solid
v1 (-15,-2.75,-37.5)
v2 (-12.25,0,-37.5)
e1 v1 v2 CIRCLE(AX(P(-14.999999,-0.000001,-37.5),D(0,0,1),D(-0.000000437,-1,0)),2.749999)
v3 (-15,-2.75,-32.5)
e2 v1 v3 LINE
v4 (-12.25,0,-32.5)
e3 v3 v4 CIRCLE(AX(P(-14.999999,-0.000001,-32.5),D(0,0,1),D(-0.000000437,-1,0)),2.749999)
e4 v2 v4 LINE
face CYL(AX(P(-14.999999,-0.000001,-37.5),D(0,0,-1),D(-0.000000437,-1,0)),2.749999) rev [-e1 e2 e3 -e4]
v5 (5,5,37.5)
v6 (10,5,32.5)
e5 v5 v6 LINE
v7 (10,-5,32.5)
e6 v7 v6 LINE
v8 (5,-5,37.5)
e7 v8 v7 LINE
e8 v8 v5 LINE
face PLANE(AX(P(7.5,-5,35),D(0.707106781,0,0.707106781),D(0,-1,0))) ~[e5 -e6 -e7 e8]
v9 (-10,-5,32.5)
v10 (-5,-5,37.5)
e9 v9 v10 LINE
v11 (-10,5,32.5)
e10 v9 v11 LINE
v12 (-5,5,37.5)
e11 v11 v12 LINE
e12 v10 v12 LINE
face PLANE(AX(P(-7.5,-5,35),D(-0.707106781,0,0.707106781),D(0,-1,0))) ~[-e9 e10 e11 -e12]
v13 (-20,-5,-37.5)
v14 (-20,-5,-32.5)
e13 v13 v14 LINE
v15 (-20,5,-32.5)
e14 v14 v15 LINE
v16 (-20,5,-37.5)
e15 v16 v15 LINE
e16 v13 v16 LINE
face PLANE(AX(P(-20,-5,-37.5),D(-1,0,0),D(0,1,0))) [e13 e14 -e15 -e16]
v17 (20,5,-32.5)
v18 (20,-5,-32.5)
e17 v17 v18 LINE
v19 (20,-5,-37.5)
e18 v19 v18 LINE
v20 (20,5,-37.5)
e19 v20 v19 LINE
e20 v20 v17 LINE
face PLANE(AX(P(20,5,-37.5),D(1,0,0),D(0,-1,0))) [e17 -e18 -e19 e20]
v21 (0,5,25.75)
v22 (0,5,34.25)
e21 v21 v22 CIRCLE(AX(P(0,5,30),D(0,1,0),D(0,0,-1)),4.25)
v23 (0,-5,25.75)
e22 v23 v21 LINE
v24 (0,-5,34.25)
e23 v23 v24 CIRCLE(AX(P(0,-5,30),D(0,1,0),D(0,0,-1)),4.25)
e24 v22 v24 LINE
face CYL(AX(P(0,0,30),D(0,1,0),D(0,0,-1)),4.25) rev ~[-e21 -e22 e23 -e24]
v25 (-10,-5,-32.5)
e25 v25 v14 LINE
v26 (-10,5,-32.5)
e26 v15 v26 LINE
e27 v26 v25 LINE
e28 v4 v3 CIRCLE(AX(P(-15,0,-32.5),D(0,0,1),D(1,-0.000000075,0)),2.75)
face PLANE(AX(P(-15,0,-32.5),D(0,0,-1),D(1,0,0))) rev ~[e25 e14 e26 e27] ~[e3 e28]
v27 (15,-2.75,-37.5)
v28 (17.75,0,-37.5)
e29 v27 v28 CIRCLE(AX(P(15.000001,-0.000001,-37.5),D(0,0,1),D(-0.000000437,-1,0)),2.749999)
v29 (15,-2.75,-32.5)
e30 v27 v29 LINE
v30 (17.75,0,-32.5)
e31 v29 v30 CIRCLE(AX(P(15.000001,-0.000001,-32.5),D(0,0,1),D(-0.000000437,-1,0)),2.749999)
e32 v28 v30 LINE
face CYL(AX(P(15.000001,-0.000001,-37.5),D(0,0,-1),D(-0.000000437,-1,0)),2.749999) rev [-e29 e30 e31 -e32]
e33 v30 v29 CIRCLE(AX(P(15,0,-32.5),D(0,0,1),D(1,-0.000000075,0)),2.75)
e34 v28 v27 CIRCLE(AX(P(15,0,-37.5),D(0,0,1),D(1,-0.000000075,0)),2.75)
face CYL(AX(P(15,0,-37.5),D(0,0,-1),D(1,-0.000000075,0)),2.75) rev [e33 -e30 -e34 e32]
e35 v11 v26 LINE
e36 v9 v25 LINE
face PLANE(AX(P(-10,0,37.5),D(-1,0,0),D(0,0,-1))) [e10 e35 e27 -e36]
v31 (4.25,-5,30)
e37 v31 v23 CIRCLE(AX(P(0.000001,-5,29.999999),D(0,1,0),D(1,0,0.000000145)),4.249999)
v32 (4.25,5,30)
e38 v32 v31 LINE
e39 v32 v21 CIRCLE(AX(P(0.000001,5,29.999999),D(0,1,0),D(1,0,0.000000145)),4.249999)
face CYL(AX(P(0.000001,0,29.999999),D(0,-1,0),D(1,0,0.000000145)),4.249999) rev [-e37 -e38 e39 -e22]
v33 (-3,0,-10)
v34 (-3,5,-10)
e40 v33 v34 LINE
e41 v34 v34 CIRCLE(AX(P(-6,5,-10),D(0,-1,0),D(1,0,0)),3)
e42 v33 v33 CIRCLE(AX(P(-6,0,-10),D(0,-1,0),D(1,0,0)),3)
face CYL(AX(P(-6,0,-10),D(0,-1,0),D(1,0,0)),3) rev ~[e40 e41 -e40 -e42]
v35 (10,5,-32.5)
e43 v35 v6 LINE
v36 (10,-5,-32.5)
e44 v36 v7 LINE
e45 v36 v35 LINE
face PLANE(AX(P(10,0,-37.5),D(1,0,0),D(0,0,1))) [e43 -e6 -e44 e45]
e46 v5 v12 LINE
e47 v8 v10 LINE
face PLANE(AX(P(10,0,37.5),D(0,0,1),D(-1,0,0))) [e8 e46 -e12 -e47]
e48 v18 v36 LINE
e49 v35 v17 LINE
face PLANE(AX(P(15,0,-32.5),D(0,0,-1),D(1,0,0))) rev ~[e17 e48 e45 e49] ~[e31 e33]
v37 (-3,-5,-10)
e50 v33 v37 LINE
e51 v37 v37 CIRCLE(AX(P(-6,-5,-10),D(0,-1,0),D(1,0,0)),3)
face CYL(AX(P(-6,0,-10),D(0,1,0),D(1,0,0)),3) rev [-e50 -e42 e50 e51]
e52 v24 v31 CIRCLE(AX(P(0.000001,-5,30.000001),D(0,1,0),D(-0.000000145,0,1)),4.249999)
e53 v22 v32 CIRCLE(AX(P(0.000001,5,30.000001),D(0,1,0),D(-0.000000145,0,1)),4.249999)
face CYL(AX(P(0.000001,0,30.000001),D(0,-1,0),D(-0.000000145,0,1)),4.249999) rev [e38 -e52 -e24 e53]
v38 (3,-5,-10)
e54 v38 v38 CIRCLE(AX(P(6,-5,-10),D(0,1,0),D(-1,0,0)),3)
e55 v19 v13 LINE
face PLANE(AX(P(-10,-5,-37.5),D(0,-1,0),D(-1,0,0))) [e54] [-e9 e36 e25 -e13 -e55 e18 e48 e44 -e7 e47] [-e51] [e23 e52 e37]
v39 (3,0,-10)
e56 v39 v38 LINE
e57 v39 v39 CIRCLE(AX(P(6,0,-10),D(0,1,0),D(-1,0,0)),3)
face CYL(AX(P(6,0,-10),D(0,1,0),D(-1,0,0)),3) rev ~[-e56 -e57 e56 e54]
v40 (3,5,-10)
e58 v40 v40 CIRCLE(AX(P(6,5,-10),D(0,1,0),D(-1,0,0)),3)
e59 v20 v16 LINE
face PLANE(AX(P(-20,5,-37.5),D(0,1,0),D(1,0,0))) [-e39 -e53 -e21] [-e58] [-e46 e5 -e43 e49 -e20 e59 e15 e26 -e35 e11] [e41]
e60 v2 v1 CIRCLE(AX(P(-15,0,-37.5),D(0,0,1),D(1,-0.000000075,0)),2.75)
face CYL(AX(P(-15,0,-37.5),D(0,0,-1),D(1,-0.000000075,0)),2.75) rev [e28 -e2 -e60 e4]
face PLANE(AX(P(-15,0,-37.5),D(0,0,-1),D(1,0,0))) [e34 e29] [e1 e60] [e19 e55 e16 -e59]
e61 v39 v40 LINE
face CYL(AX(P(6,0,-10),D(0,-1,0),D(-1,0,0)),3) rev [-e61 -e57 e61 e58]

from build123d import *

# Parameters (mm, degrees)
F0_R     = 3
F1_DEPTH = 5
F2_SIZE  = 5
F4_DEPTH = 5


with BuildPart() as f1:
    # F0 (on Front) → F1 (new body, symmetric)
    with BuildSketch(Plane.XZ):
        Polygon((0, 37.5), (-10, 37.5), (-10, -37.5), (10, -37.5), (10, 37.5), align=None)
        with Locations((-6, -10)):
            Circle(F0_R, mode=Mode.SUBTRACT)
        with BuildLine():
            ThreePointArc((9, -10), (6, -13), (3, -10))
            ThreePointArc((3, -10), (6, -7), (9, -10))
        make_face(mode=Mode.SUBTRACT)
        with BuildLine():
            ThreePointArc((0, 25.75), (-4.25, 30), (0, 34.25))
            ThreePointArc((0, 34.25), (3.005204, 33.005204), (4.25, 30))
            ThreePointArc((4.25, 30), (3.005204, 26.994796), (0, 25.75))
        make_face(mode=Mode.SUBTRACT)
    extrude(amount=F1_DEPTH, both=True)

    # F2
    f2_edges = [f1.edges().sort_by_distance(p)[0] for p in [
        (-10, 0, 37.5),
        (10, 0, 37.5),
    ]]
    chamfer(f2_edges, length=F2_SIZE)

    # F3 (on face) → F4 (join)
    with BuildSketch(Plane(origin=(0, 0, -37.5), x_dir=(1, 0, 0), z_dir=(0, 0, -1))):
        Polygon((-10, -5), (-10, 5), (-15, 5), (-20, 5), (-20, -5), align=None)
        with BuildLine():
            ThreePointArc((-12.25, 0), (-16.944544, -1.944544), (-15, 2.75))
            ThreePointArc((-15, 2.75), (-13.055456, 1.944544), (-12.25, 0))
        make_face(mode=Mode.SUBTRACT)
        Polygon((15, 5), (10, 5), (10, -5), (20, -5), (20, 5), align=None)
        with BuildLine():
            ThreePointArc((17.75, 0), (13.055456, -1.944544), (15, 2.75))
            ThreePointArc((15, 2.75), (16.944544, 1.944544), (17.75, 0))
        make_face(mode=Mode.SUBTRACT)
    extrude(amount=-F4_DEPTH)


solid = f1.part
